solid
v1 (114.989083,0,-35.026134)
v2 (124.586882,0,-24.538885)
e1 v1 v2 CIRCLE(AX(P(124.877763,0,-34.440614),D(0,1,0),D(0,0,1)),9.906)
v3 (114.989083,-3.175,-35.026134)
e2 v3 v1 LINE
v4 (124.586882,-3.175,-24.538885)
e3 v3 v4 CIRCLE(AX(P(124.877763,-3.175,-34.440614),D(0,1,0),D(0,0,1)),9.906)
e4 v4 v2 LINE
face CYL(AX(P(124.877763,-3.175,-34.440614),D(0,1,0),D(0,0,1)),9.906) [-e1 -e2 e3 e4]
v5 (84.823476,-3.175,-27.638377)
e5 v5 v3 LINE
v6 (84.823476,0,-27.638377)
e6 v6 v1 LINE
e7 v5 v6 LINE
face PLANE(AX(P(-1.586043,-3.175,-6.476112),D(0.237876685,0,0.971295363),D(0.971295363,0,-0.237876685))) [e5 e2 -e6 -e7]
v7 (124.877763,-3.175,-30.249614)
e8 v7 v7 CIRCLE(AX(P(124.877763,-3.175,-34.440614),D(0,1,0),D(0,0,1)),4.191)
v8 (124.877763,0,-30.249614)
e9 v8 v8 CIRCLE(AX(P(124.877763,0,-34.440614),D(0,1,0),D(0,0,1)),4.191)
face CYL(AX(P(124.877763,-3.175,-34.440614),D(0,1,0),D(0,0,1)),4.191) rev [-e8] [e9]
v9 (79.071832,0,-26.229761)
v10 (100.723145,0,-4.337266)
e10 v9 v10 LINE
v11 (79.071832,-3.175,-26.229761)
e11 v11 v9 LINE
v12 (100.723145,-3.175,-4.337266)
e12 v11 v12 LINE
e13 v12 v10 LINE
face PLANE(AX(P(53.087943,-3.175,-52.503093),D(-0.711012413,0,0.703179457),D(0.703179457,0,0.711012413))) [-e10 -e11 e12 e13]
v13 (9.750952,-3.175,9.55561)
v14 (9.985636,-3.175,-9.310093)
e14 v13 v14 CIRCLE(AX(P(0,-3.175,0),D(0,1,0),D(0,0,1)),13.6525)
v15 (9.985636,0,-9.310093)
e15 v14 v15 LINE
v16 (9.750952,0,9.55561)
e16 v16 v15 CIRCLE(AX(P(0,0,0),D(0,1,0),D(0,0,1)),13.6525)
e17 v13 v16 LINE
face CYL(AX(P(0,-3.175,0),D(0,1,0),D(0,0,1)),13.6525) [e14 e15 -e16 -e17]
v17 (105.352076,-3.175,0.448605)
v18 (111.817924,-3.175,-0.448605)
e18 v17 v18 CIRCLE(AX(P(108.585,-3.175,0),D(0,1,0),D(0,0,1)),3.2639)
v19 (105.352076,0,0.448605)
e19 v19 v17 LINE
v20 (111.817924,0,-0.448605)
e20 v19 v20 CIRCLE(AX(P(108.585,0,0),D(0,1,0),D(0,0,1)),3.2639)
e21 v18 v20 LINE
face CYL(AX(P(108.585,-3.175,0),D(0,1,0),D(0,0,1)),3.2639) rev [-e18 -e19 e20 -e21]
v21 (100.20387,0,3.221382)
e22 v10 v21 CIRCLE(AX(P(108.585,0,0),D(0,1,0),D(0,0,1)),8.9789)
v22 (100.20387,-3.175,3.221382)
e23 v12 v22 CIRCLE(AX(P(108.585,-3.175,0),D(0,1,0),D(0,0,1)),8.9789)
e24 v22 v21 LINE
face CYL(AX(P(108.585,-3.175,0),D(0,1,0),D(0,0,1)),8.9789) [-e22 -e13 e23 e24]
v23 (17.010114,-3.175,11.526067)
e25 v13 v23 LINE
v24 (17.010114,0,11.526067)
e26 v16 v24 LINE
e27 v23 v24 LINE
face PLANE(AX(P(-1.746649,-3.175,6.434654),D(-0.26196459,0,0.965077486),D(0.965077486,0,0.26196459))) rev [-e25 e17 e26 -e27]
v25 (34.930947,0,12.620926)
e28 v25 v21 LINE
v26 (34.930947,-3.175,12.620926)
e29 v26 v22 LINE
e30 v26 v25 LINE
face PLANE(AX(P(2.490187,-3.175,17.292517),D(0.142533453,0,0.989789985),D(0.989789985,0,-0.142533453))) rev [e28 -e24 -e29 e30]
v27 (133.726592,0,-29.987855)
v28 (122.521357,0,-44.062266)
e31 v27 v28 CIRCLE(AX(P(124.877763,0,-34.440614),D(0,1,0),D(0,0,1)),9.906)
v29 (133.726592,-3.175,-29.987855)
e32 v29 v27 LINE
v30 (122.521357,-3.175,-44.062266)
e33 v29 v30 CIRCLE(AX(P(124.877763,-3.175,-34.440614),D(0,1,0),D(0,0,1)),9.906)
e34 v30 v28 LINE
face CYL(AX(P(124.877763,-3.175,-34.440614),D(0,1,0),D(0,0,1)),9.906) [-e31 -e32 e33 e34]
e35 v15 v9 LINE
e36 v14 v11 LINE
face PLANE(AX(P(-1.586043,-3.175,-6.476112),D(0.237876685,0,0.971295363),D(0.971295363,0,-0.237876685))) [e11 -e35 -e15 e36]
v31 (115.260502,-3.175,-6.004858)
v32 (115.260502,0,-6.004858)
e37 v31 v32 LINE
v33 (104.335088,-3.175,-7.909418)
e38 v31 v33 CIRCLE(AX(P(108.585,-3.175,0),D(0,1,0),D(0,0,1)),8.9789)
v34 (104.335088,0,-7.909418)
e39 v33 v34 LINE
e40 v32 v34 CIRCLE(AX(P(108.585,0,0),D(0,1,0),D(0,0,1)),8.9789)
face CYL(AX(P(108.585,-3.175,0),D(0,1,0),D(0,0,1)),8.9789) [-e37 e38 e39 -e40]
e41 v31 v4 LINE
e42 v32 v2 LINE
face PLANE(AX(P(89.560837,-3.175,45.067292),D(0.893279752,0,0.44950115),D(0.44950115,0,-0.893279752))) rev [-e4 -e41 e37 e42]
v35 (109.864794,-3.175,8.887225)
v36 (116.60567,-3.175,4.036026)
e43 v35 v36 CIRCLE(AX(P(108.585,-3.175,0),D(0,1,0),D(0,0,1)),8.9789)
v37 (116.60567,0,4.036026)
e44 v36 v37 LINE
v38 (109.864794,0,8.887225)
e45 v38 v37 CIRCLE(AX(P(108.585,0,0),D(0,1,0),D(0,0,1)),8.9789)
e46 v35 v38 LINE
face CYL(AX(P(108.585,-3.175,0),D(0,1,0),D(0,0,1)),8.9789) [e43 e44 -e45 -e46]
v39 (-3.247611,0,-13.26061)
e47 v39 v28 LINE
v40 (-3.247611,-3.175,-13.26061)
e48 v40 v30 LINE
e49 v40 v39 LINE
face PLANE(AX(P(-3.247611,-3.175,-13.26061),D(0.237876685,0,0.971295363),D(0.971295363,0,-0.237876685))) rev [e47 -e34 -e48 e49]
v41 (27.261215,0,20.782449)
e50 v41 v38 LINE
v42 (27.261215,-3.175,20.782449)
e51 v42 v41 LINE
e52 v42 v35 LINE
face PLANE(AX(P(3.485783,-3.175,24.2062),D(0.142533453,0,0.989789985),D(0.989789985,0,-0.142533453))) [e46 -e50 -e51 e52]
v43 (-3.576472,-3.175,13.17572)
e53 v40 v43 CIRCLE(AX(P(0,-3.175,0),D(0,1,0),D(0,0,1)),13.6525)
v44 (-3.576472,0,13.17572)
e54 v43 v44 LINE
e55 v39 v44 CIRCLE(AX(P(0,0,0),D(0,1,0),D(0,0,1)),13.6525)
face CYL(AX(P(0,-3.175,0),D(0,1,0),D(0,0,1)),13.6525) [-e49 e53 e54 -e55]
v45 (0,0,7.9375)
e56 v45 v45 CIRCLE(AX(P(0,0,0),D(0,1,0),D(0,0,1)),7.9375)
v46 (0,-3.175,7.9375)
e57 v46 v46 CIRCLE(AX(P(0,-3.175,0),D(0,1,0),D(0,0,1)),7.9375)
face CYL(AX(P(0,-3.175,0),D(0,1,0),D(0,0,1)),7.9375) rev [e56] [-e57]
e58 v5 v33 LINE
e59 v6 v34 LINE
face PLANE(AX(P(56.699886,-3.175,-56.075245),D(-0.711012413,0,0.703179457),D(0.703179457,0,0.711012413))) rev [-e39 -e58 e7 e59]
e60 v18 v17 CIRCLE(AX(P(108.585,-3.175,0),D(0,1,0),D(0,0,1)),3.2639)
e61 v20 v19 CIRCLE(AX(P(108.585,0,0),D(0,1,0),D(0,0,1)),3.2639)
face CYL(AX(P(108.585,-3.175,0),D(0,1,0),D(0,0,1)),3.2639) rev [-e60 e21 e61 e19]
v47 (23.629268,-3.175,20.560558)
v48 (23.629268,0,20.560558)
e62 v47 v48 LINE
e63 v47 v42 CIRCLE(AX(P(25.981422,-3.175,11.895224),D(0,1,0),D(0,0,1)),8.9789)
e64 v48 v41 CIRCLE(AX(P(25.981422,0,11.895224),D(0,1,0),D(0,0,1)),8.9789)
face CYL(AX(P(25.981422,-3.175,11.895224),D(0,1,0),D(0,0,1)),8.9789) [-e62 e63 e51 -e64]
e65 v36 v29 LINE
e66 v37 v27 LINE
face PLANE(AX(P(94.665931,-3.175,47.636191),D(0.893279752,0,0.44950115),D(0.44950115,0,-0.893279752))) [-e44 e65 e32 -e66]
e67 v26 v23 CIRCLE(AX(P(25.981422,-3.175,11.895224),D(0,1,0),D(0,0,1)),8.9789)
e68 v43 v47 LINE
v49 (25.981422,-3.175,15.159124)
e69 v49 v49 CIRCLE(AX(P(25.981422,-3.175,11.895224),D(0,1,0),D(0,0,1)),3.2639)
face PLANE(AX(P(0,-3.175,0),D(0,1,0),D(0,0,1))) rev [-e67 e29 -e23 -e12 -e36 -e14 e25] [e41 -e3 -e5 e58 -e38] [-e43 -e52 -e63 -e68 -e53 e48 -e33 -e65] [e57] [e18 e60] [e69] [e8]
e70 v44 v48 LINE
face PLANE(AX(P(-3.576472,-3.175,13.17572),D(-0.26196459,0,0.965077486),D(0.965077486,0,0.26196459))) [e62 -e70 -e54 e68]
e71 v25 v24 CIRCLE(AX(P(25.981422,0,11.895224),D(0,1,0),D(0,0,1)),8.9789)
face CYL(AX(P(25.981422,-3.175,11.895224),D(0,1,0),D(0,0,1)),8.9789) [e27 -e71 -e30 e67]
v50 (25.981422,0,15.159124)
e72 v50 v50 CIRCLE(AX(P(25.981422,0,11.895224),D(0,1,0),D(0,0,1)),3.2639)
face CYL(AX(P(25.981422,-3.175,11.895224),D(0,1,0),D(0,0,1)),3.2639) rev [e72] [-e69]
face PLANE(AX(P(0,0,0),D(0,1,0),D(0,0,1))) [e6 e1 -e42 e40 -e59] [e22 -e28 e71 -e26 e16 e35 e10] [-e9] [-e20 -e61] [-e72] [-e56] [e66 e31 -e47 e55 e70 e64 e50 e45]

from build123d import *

# Parameters (mm, degrees)
SKETCH1_R           = 3.2639
SKETCH1_R_2         = 7.9375
SKETCH1_R_3         = 4.191
BOSS_EXTRUDE4_DEPTH = 3.175


with BuildPart() as part:
    # Sketch1 → Boss-Extrude4 (new body)
    with BuildSketch(Plane(origin=(0, 0, 0), x_dir=(1, 0, 0), z_dir=(0, 1, 0))):
        with BuildLine():
            Line((27.261215437, -20.782448937), (109.864793621, -8.887225298))
            ThreePointArc((109.864793621, -8.887225298), (113.829824864, -7.2878294), (116.60566957, -4.036025875))
            Line((116.60566957, -4.036025875), (133.726592386, 29.98785526))
            ThreePointArc((133.726592386, 29.98785526), (132.627611185, 40.61059676), (122.521356715, 44.06226552))
            Line((122.521356715, 44.06226552), (-3.247611444, 13.260609947))
            ThreePointArc((-3.247611444, 13.260609947), (-13.651443786, 0.16981992), (-3.576471569, -13.175720374))
            Line((-3.576471569, -13.175720374), (23.629267956, -20.560557875))
            ThreePointArc((23.629267956, -20.560557875), (25.433883661, -20.857413504), (27.261215437, -20.782448937))
        make_face()
        with Locations(Location((25.981421816, -11.895223639, 0), (0, 0, 270))):
            Circle(SKETCH1_R, mode=Mode.SUBTRACT)
        with Locations(Location((0, 0, 0), (0, 0, 270))):
            Circle(SKETCH1_R_2, mode=Mode.SUBTRACT)
        with BuildLine():
            ThreePointArc((100.723144875, 4.337266328), (99.62721378, 0.615395192), (100.203869733, -3.221381793))
            Line((100.203869733, -3.221381793), (34.930946987, -12.620926349))
            ThreePointArc((34.930946987, -12.620926349), (26.528959971, -2.933033774), (17.010113752, -11.526066709))
            Line((17.010113752, -11.526066709), (9.750952301, -9.555610157))
            ThreePointArc((9.750952301, -9.555610157), (13.651443786, -0.16981992), (9.985636063, 9.310092839))
            Line((9.985636063, 9.310092839), (79.071831614, 26.229760952))
            Line((79.071831614, 26.229760952), (100.723144875, 4.337266328))
        make_face(mode=Mode.SUBTRACT)
        with Locations(Location((108.585, 0, 0), (0, 0, 270))):
            Circle(SKETCH1_R, mode=Mode.SUBTRACT)
        with BuildLine():
            Line((104.335087932, 7.90941797), (84.823475635, 27.638376771))
            Line((84.823475635, 27.638376771), (114.98908268, 35.026134276))
            ThreePointArc((114.98908268, 35.026134276), (117.570132445, 27.752761279), (124.58688197, 24.538885311))
            Line((124.58688197, 24.538885311), (115.260501822, 6.004858086))
            ThreePointArc((115.260501822, 6.004858086), (110.126982004, 8.845503757), (104.335087932, 7.90941797))
        make_face(mode=Mode.SUBTRACT)
        with Locations(Location((124.877763158, 34.440613651, 0), (0, 0, 270))):
            Circle(SKETCH1_R_3, mode=Mode.SUBTRACT)
    extrude(amount=-BOSS_EXTRUDE4_DEPTH)


solid = part.part
